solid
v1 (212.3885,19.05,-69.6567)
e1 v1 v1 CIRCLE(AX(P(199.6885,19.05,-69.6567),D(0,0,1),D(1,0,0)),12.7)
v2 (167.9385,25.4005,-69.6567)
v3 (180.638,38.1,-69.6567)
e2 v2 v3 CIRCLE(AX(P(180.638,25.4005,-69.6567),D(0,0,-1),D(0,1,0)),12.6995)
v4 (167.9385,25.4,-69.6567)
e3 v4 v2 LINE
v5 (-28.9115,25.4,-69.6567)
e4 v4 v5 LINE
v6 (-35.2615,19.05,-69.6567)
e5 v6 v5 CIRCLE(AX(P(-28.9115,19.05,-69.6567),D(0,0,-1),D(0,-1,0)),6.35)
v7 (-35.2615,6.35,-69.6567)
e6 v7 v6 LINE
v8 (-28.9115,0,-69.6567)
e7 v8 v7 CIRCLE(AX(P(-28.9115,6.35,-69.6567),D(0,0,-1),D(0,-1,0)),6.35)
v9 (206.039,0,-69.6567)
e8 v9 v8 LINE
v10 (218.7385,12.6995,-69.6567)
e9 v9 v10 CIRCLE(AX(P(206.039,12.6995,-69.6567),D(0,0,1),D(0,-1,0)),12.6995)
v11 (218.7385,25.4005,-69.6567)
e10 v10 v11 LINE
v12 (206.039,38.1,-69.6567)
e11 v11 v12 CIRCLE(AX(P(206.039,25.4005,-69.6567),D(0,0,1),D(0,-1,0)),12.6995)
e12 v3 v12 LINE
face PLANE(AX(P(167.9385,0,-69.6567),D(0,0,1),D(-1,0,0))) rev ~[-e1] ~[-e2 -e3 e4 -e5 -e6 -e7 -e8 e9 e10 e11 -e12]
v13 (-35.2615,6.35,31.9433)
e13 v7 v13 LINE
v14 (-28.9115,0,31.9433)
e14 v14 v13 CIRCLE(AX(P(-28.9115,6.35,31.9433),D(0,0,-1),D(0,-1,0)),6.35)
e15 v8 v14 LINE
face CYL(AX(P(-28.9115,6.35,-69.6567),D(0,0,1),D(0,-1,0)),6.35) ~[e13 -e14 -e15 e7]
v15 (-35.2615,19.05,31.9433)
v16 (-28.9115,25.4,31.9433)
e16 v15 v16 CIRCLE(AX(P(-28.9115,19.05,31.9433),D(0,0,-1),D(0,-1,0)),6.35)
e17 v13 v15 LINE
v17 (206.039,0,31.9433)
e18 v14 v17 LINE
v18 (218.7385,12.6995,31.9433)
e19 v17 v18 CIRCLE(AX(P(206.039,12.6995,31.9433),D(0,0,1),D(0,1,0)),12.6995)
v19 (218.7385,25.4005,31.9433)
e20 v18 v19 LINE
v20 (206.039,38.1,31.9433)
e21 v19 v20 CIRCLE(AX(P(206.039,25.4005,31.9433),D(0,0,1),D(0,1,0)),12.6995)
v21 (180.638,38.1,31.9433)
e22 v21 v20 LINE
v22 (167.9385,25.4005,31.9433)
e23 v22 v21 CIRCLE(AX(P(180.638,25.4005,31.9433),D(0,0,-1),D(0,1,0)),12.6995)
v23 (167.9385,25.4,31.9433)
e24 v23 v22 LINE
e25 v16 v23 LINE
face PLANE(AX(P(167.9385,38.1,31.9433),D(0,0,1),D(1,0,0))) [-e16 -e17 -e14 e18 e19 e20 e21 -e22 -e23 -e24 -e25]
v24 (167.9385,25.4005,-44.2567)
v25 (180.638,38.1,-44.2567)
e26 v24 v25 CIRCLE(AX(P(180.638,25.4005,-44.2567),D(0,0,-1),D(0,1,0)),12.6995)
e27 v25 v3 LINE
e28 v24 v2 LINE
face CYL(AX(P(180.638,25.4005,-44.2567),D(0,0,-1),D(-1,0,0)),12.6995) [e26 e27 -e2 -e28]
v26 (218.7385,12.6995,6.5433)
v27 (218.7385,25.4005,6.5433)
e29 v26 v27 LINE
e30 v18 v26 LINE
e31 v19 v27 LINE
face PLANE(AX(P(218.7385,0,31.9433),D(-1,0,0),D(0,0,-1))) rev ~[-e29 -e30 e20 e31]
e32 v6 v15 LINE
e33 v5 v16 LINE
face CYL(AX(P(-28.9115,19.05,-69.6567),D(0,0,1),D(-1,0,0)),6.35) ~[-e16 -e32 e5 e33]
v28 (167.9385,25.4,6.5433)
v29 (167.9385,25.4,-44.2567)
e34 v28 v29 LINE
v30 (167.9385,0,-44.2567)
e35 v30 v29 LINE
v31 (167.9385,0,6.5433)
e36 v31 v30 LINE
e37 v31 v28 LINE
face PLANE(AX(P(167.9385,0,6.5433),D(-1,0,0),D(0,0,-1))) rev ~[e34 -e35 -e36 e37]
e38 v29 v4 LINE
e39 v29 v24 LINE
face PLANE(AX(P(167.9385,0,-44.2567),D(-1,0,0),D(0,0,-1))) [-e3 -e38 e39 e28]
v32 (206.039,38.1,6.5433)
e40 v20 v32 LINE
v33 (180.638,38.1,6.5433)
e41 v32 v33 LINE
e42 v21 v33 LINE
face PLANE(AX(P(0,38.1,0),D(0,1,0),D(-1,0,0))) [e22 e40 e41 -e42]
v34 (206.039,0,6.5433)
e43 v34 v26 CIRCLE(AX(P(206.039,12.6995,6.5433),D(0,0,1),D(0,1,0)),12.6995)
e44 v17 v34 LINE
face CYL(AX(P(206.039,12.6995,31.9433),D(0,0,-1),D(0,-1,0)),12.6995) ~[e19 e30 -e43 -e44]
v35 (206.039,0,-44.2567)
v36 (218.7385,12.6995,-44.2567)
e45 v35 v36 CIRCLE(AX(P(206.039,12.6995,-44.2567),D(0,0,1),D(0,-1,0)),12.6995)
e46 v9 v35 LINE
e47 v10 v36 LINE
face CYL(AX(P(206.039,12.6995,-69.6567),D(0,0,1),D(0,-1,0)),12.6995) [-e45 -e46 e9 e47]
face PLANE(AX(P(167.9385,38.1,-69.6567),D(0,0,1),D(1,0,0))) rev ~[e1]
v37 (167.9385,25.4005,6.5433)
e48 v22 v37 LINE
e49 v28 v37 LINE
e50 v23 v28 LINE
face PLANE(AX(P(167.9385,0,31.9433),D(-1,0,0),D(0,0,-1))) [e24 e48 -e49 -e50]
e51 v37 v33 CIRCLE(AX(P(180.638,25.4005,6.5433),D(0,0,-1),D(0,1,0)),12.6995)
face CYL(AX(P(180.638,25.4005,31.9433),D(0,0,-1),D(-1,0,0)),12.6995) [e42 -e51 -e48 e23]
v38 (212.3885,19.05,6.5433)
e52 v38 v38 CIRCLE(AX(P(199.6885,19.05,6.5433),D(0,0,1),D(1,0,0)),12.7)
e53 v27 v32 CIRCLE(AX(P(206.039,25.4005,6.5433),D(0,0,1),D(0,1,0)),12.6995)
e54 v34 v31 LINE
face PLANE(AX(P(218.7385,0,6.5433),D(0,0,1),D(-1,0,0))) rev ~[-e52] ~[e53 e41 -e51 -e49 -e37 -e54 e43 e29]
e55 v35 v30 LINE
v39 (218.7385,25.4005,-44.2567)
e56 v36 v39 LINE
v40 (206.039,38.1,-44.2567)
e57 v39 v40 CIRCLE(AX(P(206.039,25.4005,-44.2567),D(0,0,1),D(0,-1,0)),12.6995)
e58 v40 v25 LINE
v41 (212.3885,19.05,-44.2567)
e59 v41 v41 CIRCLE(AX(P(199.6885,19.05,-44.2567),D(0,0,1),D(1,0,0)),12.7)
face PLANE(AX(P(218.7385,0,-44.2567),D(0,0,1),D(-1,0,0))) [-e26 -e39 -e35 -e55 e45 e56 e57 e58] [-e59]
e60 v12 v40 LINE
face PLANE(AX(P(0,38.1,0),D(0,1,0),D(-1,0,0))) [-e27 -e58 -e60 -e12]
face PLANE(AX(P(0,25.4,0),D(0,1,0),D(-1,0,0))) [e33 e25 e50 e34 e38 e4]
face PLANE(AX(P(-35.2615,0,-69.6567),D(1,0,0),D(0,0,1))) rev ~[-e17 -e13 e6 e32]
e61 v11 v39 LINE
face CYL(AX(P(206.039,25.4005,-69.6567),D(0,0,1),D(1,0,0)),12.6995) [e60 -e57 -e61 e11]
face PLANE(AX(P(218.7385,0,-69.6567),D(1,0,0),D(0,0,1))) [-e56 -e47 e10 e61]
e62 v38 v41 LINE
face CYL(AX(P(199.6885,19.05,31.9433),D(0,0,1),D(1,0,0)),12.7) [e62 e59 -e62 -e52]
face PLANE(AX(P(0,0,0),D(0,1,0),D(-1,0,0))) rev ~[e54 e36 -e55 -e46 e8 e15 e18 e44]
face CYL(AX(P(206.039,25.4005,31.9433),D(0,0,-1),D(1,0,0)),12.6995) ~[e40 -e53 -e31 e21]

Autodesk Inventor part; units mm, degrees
ref_plane "YZ Plane" through (0, 0, 0) normal (1, 0, 0) x (0, 1, 0)
ref_plane "XZ Plane" through (0, 0, 0) normal (0, 1, 0) x (-1, 0, 0)
ref_plane "XY Plane" through (0, 0, 0) normal (0, 0, 1) x (1, 0, 0)
sketch "Sketch1" plane through (0, 0, 0) normal (0, 1, 0) x (-1, 0, 0)
  line L0 (35.2615, 31.9433) -> (-167.9385, 31.9433)
  line L1 (-167.9385, 31.9433) -> (-167.9385, -69.6567)
  line L2 (-167.9385, -69.6567) -> (35.2615, -69.6567)
  line L3 (35.2615, -69.6567) -> (35.2615, 31.9433)
  line L4 (-167.9385, 31.9433) -> (-218.7385, 31.9433)
  line L5 (-218.7385, 31.9433) -> (-218.7385, 6.5433)
  line L6 (-218.7385, 6.5433) -> (-167.9385, 6.5433)
  line L7 (-167.9385, 6.5433) -> (-167.9385, 31.9433)
  line L8 (-167.9385, -69.6567) -> (-218.7385, -69.6567)
  line L9 (-218.7385, -69.6567) -> (-218.7385, -44.2567)
  line L10 (-218.7385, -44.2567) -> (-167.9385, -44.2567)
  line L11 (-167.9385, -44.2567) -> (-167.9385, -69.6567)
  point P0 (0, 0)
  point P1 (-167.9385, 6.5433)
  dimension "d0" = 101.6
  dimension "d1" = 203.2
  dimension "d2" = 50.8
  dimension "d3" = 50.8
extrude "Extrusion1" add sketch "Sketch1" along normal blind 38.1 contours L1 L6 L5 L4 | L8 L9 L10 L1
extrude "Extrusion2" add sketch "Sketch1" along normal blind 25.4 contours L3 L2 L1 L0
sketch "Sketch2" plane through (167.9385, 38.1, 31.9433) normal (0, 0, 1) x (1, 0, 0)
  line L0 (50.8, -38.1) -> (50.8, 0) construction
  line L1 (0, 0) -> (50.8, 0) construction
  line L2 (50.8, -19.05) -> (31.75, -19.05) construction
  line L3 (31.75, -19.05) -> (31.75, 0) construction
  line L4 (31.75, 0) -> (50.8, 0) construction
  line L5 (50.8, 0) -> (50.8, -19.05) construction
  circle A0 centre (31.75, -19.05) radius 12.7
  point P0 (-167.9385, -38.1)
  dimension "d8" = 25.4
extrude "Extrusion3" add sketch "Sketch2" against normal through all
fillet "Fillet1" radius 12.7 6 edges at (167.9385, 38.1, 19.2433) (167.9385, 38.1, -56.9567) (218.7385, 38.1, 19.2433) (218.7385, 38.1, -56.9567) (218.7385, 0, 19.2433) (218.7385, 0, -56.9567)
fillet "Fillet2" radius 6.35 2 edges at (-35.2615, 25.4, -18.8567) (-35.2615, 0, -18.8567)
properties part number "Pedals"
